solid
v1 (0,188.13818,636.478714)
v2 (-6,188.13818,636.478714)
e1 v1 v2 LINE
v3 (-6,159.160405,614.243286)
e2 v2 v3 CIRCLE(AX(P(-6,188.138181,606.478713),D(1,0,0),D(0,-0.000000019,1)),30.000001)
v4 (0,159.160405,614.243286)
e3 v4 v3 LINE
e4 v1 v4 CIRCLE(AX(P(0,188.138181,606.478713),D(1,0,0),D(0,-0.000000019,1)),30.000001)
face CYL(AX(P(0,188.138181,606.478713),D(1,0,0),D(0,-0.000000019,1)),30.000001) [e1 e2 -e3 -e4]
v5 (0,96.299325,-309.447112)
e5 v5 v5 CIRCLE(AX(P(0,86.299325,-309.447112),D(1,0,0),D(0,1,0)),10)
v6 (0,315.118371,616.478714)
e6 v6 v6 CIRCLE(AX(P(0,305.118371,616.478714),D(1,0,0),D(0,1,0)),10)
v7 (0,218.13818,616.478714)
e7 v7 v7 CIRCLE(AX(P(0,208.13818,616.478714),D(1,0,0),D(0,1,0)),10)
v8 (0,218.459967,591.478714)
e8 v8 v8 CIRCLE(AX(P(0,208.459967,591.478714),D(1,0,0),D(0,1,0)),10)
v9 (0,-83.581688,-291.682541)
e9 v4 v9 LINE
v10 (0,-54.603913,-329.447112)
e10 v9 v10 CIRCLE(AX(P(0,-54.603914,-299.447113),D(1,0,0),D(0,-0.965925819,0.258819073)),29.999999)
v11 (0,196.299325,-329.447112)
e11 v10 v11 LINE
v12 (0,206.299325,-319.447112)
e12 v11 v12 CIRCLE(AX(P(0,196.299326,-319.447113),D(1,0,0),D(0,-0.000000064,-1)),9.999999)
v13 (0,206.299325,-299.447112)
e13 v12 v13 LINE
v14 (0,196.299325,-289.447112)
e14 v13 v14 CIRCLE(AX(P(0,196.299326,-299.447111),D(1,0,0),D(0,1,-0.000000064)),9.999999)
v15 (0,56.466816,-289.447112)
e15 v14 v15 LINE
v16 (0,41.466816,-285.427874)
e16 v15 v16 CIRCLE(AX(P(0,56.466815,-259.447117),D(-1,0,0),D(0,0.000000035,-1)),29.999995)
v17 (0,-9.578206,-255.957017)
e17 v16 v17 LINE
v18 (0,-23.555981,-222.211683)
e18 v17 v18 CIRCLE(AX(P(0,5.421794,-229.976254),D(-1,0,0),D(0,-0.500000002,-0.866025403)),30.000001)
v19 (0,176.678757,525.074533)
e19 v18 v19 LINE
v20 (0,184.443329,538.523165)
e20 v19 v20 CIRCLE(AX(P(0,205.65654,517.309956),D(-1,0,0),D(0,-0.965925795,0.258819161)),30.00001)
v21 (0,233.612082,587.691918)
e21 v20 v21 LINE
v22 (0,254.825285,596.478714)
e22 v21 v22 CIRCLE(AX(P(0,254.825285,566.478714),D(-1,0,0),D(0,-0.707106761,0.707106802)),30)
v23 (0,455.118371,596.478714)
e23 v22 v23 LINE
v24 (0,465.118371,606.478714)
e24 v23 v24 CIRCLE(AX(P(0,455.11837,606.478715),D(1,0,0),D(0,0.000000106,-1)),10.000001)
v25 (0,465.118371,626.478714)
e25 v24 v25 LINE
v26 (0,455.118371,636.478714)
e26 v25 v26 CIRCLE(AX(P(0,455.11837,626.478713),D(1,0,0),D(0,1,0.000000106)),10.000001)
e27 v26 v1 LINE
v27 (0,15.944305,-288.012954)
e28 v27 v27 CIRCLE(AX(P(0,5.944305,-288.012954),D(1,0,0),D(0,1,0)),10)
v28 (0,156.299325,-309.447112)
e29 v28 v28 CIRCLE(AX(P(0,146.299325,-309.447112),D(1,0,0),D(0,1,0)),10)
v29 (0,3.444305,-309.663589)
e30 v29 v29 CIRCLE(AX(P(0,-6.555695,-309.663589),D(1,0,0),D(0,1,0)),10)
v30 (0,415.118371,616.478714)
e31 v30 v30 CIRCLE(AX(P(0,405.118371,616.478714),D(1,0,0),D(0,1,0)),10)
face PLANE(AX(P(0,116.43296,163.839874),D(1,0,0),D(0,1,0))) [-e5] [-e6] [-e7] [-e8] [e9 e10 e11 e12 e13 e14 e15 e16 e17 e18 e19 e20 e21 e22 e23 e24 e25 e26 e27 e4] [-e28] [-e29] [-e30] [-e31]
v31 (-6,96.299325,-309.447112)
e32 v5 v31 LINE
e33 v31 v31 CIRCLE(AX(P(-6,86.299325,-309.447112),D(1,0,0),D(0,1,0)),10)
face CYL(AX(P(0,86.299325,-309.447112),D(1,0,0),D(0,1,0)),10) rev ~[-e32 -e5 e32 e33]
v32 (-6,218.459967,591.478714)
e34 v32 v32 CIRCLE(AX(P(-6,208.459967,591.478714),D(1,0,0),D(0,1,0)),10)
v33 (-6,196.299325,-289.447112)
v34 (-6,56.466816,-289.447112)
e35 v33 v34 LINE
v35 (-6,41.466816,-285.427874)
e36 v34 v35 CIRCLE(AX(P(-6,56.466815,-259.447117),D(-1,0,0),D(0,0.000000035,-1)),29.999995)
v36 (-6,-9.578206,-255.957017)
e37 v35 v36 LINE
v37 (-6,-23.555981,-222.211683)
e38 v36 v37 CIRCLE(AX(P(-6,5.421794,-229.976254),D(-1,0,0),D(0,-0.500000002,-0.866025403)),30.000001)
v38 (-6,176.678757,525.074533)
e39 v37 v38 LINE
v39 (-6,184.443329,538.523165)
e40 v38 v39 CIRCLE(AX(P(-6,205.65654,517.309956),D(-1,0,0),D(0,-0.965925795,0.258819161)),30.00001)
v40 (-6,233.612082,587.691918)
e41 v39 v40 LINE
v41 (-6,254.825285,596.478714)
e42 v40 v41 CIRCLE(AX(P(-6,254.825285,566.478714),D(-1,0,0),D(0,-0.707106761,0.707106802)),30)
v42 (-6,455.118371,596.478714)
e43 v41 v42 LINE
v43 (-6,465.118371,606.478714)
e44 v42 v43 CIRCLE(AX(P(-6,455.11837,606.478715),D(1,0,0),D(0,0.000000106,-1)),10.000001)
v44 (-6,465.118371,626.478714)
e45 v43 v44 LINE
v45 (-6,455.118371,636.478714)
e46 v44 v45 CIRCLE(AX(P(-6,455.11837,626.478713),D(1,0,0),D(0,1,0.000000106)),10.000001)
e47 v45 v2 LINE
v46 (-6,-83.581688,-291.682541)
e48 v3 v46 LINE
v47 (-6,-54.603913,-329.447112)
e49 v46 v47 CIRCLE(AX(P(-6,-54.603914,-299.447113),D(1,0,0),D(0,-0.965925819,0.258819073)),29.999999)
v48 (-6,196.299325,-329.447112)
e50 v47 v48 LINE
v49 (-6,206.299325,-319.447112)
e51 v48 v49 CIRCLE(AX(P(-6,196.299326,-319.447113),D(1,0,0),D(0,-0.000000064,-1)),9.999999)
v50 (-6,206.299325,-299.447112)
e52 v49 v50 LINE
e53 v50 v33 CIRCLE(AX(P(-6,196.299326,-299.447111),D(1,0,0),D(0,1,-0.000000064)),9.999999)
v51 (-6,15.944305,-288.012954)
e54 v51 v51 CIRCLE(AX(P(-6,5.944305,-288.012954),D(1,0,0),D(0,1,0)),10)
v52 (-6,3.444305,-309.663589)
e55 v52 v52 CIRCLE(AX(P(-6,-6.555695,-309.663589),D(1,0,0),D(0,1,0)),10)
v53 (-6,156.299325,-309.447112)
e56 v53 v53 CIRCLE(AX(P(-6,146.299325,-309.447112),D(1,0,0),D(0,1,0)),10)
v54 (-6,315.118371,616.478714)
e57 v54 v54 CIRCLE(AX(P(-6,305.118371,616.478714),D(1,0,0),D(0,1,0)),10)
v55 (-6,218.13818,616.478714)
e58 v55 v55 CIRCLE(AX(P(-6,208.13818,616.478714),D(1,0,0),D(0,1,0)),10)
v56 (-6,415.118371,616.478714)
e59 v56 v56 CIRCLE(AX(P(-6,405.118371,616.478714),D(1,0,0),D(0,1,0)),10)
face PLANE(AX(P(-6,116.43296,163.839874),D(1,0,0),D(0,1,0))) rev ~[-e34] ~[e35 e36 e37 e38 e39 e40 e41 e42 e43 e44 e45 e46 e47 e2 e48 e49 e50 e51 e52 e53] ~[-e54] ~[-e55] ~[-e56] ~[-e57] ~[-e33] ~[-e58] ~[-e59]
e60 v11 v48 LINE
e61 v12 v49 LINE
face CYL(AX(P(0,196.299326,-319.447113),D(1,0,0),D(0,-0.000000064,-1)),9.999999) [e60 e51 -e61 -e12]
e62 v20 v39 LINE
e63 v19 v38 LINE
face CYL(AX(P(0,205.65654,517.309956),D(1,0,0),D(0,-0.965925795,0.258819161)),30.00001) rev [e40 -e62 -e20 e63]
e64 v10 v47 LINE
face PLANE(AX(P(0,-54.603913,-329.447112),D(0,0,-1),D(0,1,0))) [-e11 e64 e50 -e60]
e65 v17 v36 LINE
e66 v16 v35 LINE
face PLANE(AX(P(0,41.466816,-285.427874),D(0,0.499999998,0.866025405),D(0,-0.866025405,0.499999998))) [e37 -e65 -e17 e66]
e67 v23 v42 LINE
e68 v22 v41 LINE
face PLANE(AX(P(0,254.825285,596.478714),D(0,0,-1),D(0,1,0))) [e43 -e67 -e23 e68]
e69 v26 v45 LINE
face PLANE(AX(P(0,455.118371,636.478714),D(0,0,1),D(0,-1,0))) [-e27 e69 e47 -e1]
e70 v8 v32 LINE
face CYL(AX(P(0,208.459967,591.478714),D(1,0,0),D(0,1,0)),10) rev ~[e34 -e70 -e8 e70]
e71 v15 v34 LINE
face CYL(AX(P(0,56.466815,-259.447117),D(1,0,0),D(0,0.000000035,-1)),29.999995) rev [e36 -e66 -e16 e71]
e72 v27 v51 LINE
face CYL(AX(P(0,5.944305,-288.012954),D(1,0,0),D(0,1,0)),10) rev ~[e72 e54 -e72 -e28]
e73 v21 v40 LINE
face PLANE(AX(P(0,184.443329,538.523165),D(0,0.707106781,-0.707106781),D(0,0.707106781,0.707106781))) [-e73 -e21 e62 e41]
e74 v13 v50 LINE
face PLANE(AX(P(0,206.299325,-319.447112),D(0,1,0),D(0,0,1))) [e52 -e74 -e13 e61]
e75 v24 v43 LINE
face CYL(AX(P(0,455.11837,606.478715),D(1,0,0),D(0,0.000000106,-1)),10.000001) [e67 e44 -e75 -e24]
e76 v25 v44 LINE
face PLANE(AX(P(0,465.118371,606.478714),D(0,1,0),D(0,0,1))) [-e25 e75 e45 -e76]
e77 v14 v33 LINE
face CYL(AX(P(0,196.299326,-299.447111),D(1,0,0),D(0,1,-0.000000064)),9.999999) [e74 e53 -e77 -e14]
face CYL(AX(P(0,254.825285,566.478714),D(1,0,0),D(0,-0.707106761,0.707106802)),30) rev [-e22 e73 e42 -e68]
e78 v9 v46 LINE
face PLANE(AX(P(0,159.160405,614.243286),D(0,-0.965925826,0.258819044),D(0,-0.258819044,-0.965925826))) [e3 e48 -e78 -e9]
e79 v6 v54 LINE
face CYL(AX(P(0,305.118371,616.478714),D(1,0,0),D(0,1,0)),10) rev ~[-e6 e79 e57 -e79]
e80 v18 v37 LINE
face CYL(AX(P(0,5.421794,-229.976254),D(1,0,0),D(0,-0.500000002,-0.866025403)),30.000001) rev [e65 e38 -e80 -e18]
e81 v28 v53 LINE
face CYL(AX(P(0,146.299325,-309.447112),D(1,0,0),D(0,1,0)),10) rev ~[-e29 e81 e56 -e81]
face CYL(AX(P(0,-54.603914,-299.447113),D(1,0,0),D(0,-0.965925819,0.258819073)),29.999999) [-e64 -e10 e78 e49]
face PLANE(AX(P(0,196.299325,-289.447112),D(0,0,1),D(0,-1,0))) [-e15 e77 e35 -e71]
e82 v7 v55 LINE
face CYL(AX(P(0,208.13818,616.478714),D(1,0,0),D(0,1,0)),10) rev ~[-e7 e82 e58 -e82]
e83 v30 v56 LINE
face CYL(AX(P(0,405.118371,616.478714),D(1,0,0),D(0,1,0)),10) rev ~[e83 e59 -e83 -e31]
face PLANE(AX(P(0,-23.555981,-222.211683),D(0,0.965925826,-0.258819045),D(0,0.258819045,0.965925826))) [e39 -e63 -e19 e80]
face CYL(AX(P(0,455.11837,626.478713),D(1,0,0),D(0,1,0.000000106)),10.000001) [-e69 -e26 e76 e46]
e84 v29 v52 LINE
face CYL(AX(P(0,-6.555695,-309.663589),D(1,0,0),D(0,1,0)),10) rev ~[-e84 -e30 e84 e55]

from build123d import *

# Parameters (mm, degrees)
F2_DEPTH = 6
F1_R     = 10
F3_DEPTH = 6.001
F4_R     = 10
F5_DEPTH = 6.001


with BuildPart() as f2:
    # F0 (on Right) → F2 (new body)
    with BuildSketch(Plane.YZ):
        with BuildLine():
            Line((-54.603913, -329.447112), (196.299325, -329.447112))
            ThreePointArc((196.299325, -329.447112), (203.370393, -326.51818), (206.299325, -319.447112))
            Line((206.299325, -319.447112), (206.299325, -299.447112))
            ThreePointArc((206.299325, -299.447112), (203.370393, -292.376044), (196.299325, -289.447112))
            Line((196.299325, -289.447112), (56.466816, -289.447112))
            ThreePointArc((56.466816, -289.447112), (48.702245, -288.424887), (41.466816, -285.427874))
            Line((41.466816, -285.427874), (-9.578206, -255.957017))
            ThreePointArc((-9.578206, -255.957017), (-22.294592, -241.456758), (-23.555981, -222.211683))
            Line((-23.555981, -222.211683), (176.678757, 525.074533))
            ThreePointArc((176.678757, 525.074533), (179.67577, 532.309961), (184.443329, 538.523165))
            Line((184.443329, 538.523165), (233.612082, 587.691918))
            ThreePointArc((233.612082, 587.691918), (243.344782, 594.1951), (254.825285, 596.478714))
            Line((254.825285, 596.478714), (455.118371, 596.478714))
            ThreePointArc((455.118371, 596.478714), (462.189438, 599.407646), (465.118371, 606.478714))
            Line((465.118371, 606.478714), (465.118371, 626.478714))
            ThreePointArc((465.118371, 626.478714), (462.189438, 633.549782), (455.118371, 636.478714))
            Line((455.118371, 636.478714), (188.13818, 636.478714))
            ThreePointArc((188.13818, 636.478714), (169.875337, 630.279314), (159.160405, 614.243286))
            Line((159.160405, 614.243286), (-83.581688, -291.682541))
            ThreePointArc((-83.581688, -291.682541), (-78.404514, -317.709955), (-54.603913, -329.447112))
        make_face()
    extrude(amount=-F2_DEPTH)

    # F1 (on face) → F3 (cut, through all)
    with BuildSketch(Plane.YZ):
        with Locations((405.118371, 616.478714)):
            Circle(F1_R)
        with Locations((305.118371, 616.478714)):
            Circle(F1_R)
        with Locations((146.299325, -309.447112)):
            Circle(F1_R)
        with Locations((86.299325, -309.447112)):
            Circle(F1_R)
    extrude(amount=-F3_DEPTH, mode=Mode.SUBTRACT)

    # F4 (on face) → F5 (cut, through all)
    with BuildSketch(Plane.YZ):
        with Locations((208.13818, 616.478714)):
            Circle(F4_R)
        with Locations((208.459967, 591.478714)):
            Circle(F4_R)
        with Locations((5.944305, -288.012954)):
            Circle(F4_R)
        with Locations((-6.555695, -309.663589)):
            Circle(F4_R)
    extrude(amount=-F5_DEPTH, mode=Mode.SUBTRACT)


solid = f2.part
